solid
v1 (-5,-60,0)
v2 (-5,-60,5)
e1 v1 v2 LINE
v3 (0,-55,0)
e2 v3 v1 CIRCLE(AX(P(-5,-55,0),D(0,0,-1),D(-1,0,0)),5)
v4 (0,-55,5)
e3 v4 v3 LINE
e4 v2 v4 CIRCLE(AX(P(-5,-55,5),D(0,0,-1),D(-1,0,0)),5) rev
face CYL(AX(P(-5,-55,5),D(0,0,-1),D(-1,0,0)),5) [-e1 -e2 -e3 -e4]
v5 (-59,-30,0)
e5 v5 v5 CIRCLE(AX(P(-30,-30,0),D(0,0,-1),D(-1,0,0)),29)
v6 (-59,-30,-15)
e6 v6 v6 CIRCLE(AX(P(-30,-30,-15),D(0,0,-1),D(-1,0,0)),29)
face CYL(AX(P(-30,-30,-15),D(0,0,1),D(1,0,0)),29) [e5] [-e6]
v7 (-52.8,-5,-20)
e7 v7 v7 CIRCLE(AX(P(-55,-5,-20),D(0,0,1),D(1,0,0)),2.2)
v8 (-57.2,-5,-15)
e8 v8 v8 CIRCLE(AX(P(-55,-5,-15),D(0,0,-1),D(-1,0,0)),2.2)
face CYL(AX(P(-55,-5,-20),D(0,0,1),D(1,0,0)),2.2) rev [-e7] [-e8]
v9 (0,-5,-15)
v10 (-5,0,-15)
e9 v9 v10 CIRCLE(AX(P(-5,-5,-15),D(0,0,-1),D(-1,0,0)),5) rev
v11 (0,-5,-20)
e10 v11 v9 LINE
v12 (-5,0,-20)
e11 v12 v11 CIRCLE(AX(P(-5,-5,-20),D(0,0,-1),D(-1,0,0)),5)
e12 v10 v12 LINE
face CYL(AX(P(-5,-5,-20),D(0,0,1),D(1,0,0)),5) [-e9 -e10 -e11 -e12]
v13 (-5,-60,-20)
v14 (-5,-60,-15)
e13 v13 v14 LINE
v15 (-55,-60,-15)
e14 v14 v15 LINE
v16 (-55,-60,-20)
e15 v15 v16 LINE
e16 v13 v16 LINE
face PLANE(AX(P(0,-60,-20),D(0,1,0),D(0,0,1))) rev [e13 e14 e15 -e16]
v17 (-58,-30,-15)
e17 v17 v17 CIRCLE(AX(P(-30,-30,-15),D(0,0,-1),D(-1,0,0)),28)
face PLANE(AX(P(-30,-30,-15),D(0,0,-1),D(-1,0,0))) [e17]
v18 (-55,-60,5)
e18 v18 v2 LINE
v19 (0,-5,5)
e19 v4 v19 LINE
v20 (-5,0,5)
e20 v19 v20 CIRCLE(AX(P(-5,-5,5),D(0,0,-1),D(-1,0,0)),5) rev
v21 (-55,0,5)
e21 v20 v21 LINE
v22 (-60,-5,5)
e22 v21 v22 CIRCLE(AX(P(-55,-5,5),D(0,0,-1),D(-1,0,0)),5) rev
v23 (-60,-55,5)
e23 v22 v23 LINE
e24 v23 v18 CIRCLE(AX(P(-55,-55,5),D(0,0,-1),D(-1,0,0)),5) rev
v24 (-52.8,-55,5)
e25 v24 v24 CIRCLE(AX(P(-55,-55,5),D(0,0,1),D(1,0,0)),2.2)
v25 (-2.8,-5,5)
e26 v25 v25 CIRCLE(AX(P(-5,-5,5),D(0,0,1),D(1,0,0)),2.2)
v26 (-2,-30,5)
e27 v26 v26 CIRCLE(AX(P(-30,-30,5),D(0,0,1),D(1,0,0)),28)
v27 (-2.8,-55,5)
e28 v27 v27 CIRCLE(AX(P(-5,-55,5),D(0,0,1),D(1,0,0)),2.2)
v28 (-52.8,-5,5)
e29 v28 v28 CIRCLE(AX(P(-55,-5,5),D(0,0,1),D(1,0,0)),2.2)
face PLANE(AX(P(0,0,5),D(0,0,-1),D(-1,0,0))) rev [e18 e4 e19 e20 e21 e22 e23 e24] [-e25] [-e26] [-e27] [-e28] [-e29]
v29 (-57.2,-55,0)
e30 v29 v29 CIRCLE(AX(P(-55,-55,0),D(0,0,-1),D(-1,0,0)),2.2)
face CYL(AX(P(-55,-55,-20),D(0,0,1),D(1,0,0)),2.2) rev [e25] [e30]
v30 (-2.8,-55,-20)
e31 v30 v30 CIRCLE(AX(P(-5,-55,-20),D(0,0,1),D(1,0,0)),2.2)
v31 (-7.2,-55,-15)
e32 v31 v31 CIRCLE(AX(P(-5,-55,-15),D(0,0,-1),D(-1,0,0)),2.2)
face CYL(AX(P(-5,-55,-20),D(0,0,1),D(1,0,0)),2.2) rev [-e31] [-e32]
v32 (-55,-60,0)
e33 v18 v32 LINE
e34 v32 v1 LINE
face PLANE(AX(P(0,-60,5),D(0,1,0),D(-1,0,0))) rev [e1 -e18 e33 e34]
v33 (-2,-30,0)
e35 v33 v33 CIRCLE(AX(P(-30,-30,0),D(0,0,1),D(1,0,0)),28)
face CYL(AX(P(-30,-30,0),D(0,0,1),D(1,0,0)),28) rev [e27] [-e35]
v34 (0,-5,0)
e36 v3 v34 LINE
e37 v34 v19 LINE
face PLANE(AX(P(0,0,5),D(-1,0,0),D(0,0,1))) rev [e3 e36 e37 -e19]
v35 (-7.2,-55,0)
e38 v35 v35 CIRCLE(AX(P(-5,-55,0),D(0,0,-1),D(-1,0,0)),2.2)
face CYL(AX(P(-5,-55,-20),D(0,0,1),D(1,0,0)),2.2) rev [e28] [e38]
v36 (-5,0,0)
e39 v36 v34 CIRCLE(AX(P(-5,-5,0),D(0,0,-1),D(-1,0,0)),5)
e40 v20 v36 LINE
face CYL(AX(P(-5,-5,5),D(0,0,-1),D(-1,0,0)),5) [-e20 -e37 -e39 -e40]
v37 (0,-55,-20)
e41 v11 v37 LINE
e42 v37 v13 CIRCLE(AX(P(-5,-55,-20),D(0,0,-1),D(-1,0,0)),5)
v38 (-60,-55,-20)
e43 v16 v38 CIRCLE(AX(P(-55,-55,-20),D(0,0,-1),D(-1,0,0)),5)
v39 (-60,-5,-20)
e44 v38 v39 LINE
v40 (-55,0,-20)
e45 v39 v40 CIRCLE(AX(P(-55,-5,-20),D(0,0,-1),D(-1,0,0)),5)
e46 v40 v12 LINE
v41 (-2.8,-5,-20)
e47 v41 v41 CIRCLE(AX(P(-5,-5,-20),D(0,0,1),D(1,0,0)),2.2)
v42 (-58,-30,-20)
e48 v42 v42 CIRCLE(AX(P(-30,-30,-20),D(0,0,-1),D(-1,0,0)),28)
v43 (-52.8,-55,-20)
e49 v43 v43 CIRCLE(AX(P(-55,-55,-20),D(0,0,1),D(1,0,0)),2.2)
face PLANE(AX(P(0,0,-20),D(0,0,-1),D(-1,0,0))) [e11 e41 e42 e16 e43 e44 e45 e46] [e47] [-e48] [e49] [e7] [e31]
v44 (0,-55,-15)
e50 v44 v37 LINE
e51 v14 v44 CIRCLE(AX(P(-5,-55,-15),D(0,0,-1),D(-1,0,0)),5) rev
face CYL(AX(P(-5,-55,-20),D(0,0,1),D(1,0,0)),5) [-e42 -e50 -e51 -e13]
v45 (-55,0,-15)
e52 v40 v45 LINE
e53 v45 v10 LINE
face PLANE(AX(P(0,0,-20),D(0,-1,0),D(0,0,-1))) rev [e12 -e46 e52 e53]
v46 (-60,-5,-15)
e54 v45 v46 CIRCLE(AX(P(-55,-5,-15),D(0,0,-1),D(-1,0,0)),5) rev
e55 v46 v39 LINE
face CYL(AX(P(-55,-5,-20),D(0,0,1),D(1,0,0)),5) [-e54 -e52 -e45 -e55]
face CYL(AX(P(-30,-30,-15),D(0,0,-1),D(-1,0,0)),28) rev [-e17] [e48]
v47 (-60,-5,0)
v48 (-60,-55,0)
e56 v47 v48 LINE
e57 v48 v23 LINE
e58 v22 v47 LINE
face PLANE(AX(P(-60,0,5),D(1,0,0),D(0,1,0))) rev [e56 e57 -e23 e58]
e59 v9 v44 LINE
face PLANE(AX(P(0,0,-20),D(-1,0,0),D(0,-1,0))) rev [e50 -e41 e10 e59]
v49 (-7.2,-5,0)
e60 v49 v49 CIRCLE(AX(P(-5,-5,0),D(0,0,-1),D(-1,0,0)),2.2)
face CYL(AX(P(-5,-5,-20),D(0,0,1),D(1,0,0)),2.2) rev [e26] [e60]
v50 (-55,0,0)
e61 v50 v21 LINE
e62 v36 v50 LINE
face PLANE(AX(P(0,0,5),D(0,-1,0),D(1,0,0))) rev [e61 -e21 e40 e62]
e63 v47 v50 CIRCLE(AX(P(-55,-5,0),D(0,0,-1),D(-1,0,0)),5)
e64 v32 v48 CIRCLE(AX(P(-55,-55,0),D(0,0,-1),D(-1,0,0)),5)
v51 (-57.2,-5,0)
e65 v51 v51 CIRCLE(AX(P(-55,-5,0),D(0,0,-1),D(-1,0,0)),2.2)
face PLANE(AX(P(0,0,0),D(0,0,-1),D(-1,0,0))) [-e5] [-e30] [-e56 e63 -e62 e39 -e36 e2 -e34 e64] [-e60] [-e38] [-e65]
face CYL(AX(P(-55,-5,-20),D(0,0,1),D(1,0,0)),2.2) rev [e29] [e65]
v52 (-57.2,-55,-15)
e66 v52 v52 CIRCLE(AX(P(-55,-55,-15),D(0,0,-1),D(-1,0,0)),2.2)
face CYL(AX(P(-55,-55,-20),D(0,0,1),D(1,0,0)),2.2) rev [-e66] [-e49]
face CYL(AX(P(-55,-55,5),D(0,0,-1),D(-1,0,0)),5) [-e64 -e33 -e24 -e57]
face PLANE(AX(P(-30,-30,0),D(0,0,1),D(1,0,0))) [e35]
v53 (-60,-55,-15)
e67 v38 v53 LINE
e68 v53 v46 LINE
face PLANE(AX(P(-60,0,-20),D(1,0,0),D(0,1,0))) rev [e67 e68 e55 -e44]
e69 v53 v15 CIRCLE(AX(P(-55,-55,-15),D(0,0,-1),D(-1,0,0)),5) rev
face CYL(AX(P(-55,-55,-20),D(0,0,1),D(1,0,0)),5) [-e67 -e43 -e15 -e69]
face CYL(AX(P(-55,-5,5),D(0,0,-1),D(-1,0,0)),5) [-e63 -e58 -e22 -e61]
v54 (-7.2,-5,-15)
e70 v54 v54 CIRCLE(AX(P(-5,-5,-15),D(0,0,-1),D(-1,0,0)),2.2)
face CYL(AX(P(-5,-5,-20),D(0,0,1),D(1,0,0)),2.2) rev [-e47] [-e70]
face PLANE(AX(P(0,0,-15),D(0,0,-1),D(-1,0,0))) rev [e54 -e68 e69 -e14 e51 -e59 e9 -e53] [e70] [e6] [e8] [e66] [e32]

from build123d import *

# Parameters (mm, degrees)
SKETCH_1_W          = 60
SKETCH_1_H          = 60
EXTRUDE_1_DEPTH     = 5
SKETCH_3_R          = 29
EXTRUDE_2_DEPTH     = 15
SKETCH_4_W          = 60
SKETCH_4_H          = 60
EXTRUDE_3_DEPTH     = 5
FILLET_1_R          = 5
SKETCH_5_R          = 2.2
CUT_EXTRUDE_1_DEPTH = 89.459030065
SKETCH_6_R          = 28
CUT_EXTRUDE_4_DEPTH = 5
CUT_EXTRUDE_START   = -5
SKETCH_7_R          = 28
CUT_EXTRUDE_5_DEPTH = 5


with BuildPart() as part:
    # Эскиз1 → Бобышка-Вытянуть1 (new body)
    with BuildSketch(Plane.XY):
        with Locations((-30, -30)):
            Rectangle(SKETCH_1_W, SKETCH_1_H)
    extrude(amount=EXTRUDE_1_DEPTH)

    # Эскиз3 → Бобышка-Вытянуть2 (add)
    with BuildSketch(Plane(origin=(0, 0, 0), x_dir=(-1, 0, 0), z_dir=(0, 0, -1))):
        with Locations((30, -30)):
            Circle(SKETCH_3_R)
    extrude(amount=EXTRUDE_2_DEPTH)

    # Эскиз4 → Бобышка-Вытянуть3 (add)
    with BuildSketch(Plane(origin=(0, 0, -15), x_dir=(-1, 0, 0), z_dir=(0, 0, -1))):
        with Locations((30, -30)):
            Rectangle(SKETCH_4_W, SKETCH_4_H)
    extrude(amount=EXTRUDE_3_DEPTH)

    # Скругление1
    fillet_1_edges = [part.edges().sort_by_distance(p)[0] for p in [
        (-60, -60, 2.5),
        (-60, -60, -17.5),
        (0, -60, -17.5),
        (0, -60, 2.5),
        (0, 0, -17.5),
        (-60, 0, -17.5),
        (-60, 0, 2.5),
        (0, 0, 2.5),
    ]]
    fillet(fillet_1_edges, radius=FILLET_1_R)

    # Эскиз5 → Вырез-Вытянуть1 (cut, through all)
    with BuildSketch(Plane.XY.offset(5)):
        with Locations((-55, -5)):
            Circle(SKETCH_5_R)
        with Locations((-5, -5)):
            Circle(SKETCH_5_R)
        with Locations((-5, -55)):
            Circle(SKETCH_5_R)
        with Locations((-55, -55)):
            Circle(SKETCH_5_R)
    extrude(amount=-CUT_EXTRUDE_1_DEPTH, mode=Mode.SUBTRACT)

    # Эскиз6 → Вырез-Вытянуть4 (cut)
    with BuildSketch(Plane(origin=(0, 0, -20), x_dir=(-1, 0, 0), z_dir=(0, 0, -1))):
        with Locations((30, -30)):
            Circle(SKETCH_6_R)
    extrude(amount=-CUT_EXTRUDE_4_DEPTH, mode=Mode.SUBTRACT)

    # Эскиз7 → Вырез-Вытянуть5 (cut)
    with BuildSketch(Plane.XY.offset(5).offset(CUT_EXTRUDE_START)):
        with Locations((-30, -30)):
            Circle(SKETCH_7_R)
    extrude(amount=CUT_EXTRUDE_5_DEPTH, mode=Mode.SUBTRACT)


solid = part.part
